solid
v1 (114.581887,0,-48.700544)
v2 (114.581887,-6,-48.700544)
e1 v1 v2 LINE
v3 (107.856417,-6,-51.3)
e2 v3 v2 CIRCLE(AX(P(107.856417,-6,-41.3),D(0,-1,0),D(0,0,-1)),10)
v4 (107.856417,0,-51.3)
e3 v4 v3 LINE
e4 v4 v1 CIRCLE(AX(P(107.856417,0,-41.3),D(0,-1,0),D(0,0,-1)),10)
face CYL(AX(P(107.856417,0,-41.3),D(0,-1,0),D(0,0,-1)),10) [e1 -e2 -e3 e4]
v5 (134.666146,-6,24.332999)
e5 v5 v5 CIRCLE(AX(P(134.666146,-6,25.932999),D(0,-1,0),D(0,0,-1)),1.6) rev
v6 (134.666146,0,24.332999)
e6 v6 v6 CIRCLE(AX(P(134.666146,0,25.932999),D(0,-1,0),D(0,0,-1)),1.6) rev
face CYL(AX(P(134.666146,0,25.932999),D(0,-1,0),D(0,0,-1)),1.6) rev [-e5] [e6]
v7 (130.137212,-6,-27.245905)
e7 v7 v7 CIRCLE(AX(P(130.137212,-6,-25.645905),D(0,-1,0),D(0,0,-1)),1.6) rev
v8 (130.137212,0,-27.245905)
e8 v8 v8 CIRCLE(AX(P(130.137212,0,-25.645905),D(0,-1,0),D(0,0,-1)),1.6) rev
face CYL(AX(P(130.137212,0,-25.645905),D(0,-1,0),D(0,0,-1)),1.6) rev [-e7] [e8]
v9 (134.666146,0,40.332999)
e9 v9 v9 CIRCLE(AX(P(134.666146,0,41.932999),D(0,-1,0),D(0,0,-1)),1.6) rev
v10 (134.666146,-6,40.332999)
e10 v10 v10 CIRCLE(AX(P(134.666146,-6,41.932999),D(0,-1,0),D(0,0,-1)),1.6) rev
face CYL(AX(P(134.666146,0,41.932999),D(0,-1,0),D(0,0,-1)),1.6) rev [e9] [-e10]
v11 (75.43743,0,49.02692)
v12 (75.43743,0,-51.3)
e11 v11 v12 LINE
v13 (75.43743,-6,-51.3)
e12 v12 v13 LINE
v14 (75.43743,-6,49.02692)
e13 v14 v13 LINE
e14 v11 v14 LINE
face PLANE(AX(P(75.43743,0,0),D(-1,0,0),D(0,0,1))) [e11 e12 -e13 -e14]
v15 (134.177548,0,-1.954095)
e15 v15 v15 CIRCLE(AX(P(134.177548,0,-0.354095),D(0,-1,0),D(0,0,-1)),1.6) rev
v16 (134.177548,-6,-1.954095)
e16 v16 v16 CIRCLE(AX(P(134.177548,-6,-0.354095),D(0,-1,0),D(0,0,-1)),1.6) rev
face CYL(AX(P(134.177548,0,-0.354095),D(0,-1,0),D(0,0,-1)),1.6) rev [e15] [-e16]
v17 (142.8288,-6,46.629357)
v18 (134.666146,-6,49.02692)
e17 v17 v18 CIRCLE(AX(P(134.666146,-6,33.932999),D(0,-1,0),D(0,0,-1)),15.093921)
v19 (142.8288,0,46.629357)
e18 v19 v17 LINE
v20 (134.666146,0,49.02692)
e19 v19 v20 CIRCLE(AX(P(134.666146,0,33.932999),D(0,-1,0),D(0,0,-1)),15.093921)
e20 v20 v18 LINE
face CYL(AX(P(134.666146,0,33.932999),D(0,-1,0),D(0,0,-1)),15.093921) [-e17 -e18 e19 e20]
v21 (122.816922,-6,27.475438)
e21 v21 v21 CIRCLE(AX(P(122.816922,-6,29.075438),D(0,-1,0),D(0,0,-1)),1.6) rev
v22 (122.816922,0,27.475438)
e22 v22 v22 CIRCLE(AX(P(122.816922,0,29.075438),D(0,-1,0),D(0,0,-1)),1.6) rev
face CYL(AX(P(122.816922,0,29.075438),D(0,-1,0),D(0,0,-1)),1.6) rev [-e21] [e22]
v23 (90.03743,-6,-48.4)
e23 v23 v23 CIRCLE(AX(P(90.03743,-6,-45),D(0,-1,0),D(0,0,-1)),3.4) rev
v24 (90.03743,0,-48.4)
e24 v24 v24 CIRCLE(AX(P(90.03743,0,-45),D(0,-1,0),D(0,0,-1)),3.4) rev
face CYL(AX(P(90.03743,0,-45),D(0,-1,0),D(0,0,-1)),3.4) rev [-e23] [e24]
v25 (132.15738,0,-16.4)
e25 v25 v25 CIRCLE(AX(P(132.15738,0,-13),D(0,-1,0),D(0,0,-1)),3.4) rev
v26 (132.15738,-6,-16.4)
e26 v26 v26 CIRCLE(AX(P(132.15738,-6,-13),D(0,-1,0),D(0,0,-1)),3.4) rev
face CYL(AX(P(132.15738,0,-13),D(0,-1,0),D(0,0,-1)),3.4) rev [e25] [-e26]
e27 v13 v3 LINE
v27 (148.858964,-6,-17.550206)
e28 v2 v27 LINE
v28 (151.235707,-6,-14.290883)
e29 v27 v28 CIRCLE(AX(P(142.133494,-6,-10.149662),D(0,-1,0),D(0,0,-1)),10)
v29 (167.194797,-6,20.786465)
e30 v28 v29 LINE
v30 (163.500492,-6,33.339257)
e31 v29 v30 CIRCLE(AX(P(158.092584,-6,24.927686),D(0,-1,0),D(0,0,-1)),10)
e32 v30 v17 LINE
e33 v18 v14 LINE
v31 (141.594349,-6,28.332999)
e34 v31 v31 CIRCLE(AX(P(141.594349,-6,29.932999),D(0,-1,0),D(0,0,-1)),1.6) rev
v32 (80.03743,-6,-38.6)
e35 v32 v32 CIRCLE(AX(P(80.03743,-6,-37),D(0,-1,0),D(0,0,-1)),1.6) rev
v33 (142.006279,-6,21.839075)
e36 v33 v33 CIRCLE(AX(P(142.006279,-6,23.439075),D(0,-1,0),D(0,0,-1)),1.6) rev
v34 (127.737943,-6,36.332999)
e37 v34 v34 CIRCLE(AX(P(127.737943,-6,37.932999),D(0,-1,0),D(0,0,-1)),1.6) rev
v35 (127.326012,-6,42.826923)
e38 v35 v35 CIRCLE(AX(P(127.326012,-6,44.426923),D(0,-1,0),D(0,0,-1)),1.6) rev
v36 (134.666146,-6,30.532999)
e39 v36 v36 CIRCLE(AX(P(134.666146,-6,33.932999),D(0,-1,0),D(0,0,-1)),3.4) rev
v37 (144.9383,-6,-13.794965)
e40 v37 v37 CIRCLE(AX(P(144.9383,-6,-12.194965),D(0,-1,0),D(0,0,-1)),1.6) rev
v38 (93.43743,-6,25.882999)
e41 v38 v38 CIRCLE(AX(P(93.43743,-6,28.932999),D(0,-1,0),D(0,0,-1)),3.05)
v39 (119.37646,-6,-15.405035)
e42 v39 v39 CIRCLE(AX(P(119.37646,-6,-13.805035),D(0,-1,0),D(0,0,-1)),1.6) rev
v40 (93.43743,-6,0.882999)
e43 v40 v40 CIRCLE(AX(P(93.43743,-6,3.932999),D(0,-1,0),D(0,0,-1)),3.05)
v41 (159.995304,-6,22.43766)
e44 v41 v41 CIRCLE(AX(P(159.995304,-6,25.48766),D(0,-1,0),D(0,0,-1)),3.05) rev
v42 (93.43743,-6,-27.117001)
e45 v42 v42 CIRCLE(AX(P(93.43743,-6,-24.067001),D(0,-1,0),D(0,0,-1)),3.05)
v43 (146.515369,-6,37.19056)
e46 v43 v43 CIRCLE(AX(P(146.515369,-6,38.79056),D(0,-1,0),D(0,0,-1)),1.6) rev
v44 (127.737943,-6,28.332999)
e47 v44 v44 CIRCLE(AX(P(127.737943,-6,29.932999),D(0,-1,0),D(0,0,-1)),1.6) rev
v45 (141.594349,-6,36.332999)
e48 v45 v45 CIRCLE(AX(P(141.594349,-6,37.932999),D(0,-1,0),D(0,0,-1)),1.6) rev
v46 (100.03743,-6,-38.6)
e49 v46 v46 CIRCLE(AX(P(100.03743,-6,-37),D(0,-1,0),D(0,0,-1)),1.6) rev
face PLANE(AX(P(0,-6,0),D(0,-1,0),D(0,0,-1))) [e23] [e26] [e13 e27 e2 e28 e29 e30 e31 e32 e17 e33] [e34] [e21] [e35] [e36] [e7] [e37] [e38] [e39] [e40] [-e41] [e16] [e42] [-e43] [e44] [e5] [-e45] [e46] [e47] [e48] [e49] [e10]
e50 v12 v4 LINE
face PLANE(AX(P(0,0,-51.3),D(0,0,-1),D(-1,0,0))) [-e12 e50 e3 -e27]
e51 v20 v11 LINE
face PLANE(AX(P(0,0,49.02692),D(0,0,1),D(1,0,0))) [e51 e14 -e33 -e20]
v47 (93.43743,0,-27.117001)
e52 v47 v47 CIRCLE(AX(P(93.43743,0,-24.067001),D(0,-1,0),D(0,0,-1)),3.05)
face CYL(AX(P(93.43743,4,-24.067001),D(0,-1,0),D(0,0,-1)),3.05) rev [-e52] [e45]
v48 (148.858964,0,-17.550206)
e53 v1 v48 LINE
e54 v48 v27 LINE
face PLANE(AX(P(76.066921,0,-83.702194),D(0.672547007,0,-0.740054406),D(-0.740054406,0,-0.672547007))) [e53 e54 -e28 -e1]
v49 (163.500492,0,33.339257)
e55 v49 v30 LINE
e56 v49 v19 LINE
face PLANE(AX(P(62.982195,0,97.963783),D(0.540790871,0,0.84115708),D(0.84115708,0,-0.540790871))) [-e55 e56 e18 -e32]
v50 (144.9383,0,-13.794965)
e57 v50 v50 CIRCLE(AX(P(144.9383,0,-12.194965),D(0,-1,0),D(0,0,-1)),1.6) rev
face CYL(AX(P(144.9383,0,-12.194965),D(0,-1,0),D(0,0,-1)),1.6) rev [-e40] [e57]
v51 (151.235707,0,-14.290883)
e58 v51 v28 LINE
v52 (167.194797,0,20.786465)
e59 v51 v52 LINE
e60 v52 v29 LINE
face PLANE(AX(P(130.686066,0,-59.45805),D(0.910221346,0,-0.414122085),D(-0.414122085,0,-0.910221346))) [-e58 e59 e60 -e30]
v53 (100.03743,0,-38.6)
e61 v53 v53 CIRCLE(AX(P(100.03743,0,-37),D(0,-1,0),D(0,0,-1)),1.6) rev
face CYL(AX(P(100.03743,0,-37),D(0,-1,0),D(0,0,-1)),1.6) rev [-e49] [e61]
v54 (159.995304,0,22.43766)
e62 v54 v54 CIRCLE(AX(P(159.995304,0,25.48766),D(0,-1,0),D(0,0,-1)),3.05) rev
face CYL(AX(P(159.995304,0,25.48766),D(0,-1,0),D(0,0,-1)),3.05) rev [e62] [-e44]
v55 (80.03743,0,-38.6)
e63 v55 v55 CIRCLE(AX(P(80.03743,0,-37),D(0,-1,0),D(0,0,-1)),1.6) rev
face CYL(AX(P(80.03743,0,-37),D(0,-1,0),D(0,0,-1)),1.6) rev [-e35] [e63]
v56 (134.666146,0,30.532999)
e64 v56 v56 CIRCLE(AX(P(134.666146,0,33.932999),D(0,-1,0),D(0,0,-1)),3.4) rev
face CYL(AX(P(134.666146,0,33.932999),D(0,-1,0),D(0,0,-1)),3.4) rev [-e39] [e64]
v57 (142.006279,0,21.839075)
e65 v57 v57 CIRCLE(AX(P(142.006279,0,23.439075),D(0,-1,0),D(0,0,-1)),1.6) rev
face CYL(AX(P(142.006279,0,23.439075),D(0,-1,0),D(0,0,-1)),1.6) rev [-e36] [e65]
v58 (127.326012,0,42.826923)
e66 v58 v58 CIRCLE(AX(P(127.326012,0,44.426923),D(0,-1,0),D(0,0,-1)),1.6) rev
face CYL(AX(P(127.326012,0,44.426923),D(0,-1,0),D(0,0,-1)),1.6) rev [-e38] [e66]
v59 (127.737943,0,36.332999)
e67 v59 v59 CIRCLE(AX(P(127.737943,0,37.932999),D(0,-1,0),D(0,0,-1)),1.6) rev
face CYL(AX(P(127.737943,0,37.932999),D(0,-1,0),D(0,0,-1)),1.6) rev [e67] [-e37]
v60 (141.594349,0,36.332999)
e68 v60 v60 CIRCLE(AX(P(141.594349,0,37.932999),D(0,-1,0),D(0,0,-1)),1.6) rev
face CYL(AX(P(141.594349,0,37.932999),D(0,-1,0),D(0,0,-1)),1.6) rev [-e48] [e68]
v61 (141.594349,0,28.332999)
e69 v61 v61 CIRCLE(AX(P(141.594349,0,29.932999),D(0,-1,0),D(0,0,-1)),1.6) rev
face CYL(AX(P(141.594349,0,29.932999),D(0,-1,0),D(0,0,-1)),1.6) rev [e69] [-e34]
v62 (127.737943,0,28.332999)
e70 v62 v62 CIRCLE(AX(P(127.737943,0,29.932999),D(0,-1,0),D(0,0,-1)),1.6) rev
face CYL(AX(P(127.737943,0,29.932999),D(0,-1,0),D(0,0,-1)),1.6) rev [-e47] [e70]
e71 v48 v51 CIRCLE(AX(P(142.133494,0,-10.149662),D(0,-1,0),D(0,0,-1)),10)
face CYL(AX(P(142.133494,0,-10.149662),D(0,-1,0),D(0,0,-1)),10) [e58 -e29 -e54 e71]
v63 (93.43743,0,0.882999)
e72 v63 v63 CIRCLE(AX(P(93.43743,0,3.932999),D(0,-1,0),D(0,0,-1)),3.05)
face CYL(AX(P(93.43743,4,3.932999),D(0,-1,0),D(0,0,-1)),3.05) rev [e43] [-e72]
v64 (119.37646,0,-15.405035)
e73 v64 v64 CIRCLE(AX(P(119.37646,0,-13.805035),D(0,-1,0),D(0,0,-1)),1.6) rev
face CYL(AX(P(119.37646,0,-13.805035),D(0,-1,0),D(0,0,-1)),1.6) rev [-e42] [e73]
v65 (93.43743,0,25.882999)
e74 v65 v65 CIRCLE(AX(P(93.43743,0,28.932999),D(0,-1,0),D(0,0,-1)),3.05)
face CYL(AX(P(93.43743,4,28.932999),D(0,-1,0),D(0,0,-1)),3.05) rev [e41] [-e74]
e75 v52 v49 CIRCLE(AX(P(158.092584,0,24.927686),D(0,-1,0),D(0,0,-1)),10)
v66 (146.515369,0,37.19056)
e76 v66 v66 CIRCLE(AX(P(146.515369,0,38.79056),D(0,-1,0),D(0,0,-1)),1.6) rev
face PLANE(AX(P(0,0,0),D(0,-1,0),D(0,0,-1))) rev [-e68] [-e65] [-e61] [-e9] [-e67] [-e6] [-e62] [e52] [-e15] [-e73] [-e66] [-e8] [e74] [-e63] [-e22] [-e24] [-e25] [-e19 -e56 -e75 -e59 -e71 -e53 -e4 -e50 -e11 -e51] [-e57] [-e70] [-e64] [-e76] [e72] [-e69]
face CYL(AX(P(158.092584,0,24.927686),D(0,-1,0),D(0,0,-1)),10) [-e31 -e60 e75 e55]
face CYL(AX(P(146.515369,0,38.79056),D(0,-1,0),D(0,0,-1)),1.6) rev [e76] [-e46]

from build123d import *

# Parameters (mm, degrees)
ESBO_O1_R                = 3.4
ESBO_O1_R_2              = 1.6
ESBO_O1_R_3              = 3.05
RESSALTO_EXTRUS_O1_DEPTH = 6
ESBO_O2_R                = 3.05
CORTE_EXTRUS_O1_DEPTH    = 10


with BuildPart() as part:
    # Esboço1 → Ressalto-extrusão1 (new body)
    with BuildSketch(Plane.XZ.offset(6)):
        with BuildLine():
            ThreePointArc((148.858963728, -17.550205761), (150.213387743, -16.041631797), (151.235707119, -14.290882553))
            Line((151.235707119, -14.290882553), (167.194797105, 20.786465148))
            ThreePointArc((167.194797105, 20.786465148), (167.685761217, 27.75097204), (163.500492356, 33.339256802))
            Line((163.500492356, 33.339256802), (142.828800476, 46.629357452))
            ThreePointArc((142.828800476, 46.629357452), (138.919886426, 48.415130742), (134.666145804, 49.026919929))
            Line((134.666145804, 49.026919929), (75.43742995, 49.026919929))
            Line((75.43742995, 49.026919929), (75.43742995, -51.3))
            Line((75.43742995, -51.3), (107.856417314, -51.3))
            ThreePointArc((107.856417314, -51.3), (111.461591333, -50.627524875), (114.581887382, -48.700544058))
            Line((114.581887382, -48.700544058), (148.858963728, -17.550205761))
        make_face()
        with Locations(Location((90.03742995, -45, 0), (0, 0, 270))):
            Circle(ESBO_O1_R, mode=Mode.SUBTRACT)
        with Locations(Location((80.03742995, -37, 0), (0, 0, 270))):
            Circle(ESBO_O1_R_2, mode=Mode.SUBTRACT)
        with Locations(Location((100.03742995, -37, 0), (0, 0, 270))):
            Circle(ESBO_O1_R_2, mode=Mode.SUBTRACT)
        with Locations(Location((119.376459837, -13.805034822, 0), (0, 0, 270))):
            Circle(ESBO_O1_R_2, mode=Mode.SUBTRACT)
        with Locations(Location((130.137211947, -25.645905315, 0), (0, 0, 270))):
            Circle(ESBO_O1_R_2, mode=Mode.SUBTRACT)
        with Locations(Location((132.15737995, -13, 0), (0, 0, 270))):
            Circle(ESBO_O1_R, mode=Mode.SUBTRACT)
        with Locations(Location((144.938300063, -12.194965178, 0), (0, 0, 270))):
            Circle(ESBO_O1_R_2, mode=Mode.SUBTRACT)
        with Locations(Location((134.177547953, -0.354094685, 0), (0, 0, 270))):
            Circle(ESBO_O1_R_2, mode=Mode.SUBTRACT)
        with Locations(Location((122.816922322, 29.075437545, 0), (0, 0, 270))):
            Circle(ESBO_O1_R_2, mode=Mode.SUBTRACT)
        with Locations(Location((127.737942574, 29.932998956, 0), (0, 0, 270))):
            Circle(ESBO_O1_R_2, mode=Mode.SUBTRACT)
        with Locations(Location((134.666145804, 25.932998956, 0), (0, 0, 270))):
            Circle(ESBO_O1_R_2, mode=Mode.SUBTRACT)
        with Locations(Location((142.006279165, 23.439074893, 0), (0, 0, 270))):
            Circle(ESBO_O1_R_2, mode=Mode.SUBTRACT)
        with Locations(Location((134.666145804, 33.932998956, 0), (0, 0, 270))):
            Circle(ESBO_O1_R, mode=Mode.SUBTRACT)
        with Locations(Location((141.594349035, 29.932998956, 0), (0, 0, 270))):
            Circle(ESBO_O1_R_2, mode=Mode.SUBTRACT)
        with Locations(Location((127.737942574, 37.932998956, 0), (0, 0, 270))):
            Circle(ESBO_O1_R_2, mode=Mode.SUBTRACT)
        with Locations(Location((127.326012444, 44.426923019, 0), (0, 0, 270))):
            Circle(ESBO_O1_R_2, mode=Mode.SUBTRACT)
        with Locations(Location((134.666145804, 41.932998956, 0), (0, 0, 270))):
            Circle(ESBO_O1_R_2, mode=Mode.SUBTRACT)
        with Locations(Location((141.594349035, 37.932998956, 0), (0, 0, 270))):
            Circle(ESBO_O1_R_2, mode=Mode.SUBTRACT)
        with Locations(Location((159.995303964, 25.487660186, 0), (0, 0, 270))):
            Circle(ESBO_O1_R_3, mode=Mode.SUBTRACT)
        with Locations(Location((146.515369287, 38.790560368, 0), (0, 0, 270))):
            Circle(ESBO_O1_R_2, mode=Mode.SUBTRACT)
    extrude(amount=-RESSALTO_EXTRUS_O1_DEPTH)

    # Esboço2 → Corte-extrusão1 (cut)
    with BuildSketch(Plane.XZ.offset(6)):
        with Locations(Location((93.43742995, -24.067001044, 0), (0, 0, 270))):
            Circle(ESBO_O2_R)
        with Locations(Location((93.43742995, 3.932998956, 0), (0, 0, 270))):
            Circle(ESBO_O2_R)
        with Locations(Location((93.43742995, 28.932998956, 0), (0, 0, 270))):
            Circle(ESBO_O2_R)
    extrude(amount=-CORTE_EXTRUS_O1_DEPTH, mode=Mode.SUBTRACT)


solid = part.part
